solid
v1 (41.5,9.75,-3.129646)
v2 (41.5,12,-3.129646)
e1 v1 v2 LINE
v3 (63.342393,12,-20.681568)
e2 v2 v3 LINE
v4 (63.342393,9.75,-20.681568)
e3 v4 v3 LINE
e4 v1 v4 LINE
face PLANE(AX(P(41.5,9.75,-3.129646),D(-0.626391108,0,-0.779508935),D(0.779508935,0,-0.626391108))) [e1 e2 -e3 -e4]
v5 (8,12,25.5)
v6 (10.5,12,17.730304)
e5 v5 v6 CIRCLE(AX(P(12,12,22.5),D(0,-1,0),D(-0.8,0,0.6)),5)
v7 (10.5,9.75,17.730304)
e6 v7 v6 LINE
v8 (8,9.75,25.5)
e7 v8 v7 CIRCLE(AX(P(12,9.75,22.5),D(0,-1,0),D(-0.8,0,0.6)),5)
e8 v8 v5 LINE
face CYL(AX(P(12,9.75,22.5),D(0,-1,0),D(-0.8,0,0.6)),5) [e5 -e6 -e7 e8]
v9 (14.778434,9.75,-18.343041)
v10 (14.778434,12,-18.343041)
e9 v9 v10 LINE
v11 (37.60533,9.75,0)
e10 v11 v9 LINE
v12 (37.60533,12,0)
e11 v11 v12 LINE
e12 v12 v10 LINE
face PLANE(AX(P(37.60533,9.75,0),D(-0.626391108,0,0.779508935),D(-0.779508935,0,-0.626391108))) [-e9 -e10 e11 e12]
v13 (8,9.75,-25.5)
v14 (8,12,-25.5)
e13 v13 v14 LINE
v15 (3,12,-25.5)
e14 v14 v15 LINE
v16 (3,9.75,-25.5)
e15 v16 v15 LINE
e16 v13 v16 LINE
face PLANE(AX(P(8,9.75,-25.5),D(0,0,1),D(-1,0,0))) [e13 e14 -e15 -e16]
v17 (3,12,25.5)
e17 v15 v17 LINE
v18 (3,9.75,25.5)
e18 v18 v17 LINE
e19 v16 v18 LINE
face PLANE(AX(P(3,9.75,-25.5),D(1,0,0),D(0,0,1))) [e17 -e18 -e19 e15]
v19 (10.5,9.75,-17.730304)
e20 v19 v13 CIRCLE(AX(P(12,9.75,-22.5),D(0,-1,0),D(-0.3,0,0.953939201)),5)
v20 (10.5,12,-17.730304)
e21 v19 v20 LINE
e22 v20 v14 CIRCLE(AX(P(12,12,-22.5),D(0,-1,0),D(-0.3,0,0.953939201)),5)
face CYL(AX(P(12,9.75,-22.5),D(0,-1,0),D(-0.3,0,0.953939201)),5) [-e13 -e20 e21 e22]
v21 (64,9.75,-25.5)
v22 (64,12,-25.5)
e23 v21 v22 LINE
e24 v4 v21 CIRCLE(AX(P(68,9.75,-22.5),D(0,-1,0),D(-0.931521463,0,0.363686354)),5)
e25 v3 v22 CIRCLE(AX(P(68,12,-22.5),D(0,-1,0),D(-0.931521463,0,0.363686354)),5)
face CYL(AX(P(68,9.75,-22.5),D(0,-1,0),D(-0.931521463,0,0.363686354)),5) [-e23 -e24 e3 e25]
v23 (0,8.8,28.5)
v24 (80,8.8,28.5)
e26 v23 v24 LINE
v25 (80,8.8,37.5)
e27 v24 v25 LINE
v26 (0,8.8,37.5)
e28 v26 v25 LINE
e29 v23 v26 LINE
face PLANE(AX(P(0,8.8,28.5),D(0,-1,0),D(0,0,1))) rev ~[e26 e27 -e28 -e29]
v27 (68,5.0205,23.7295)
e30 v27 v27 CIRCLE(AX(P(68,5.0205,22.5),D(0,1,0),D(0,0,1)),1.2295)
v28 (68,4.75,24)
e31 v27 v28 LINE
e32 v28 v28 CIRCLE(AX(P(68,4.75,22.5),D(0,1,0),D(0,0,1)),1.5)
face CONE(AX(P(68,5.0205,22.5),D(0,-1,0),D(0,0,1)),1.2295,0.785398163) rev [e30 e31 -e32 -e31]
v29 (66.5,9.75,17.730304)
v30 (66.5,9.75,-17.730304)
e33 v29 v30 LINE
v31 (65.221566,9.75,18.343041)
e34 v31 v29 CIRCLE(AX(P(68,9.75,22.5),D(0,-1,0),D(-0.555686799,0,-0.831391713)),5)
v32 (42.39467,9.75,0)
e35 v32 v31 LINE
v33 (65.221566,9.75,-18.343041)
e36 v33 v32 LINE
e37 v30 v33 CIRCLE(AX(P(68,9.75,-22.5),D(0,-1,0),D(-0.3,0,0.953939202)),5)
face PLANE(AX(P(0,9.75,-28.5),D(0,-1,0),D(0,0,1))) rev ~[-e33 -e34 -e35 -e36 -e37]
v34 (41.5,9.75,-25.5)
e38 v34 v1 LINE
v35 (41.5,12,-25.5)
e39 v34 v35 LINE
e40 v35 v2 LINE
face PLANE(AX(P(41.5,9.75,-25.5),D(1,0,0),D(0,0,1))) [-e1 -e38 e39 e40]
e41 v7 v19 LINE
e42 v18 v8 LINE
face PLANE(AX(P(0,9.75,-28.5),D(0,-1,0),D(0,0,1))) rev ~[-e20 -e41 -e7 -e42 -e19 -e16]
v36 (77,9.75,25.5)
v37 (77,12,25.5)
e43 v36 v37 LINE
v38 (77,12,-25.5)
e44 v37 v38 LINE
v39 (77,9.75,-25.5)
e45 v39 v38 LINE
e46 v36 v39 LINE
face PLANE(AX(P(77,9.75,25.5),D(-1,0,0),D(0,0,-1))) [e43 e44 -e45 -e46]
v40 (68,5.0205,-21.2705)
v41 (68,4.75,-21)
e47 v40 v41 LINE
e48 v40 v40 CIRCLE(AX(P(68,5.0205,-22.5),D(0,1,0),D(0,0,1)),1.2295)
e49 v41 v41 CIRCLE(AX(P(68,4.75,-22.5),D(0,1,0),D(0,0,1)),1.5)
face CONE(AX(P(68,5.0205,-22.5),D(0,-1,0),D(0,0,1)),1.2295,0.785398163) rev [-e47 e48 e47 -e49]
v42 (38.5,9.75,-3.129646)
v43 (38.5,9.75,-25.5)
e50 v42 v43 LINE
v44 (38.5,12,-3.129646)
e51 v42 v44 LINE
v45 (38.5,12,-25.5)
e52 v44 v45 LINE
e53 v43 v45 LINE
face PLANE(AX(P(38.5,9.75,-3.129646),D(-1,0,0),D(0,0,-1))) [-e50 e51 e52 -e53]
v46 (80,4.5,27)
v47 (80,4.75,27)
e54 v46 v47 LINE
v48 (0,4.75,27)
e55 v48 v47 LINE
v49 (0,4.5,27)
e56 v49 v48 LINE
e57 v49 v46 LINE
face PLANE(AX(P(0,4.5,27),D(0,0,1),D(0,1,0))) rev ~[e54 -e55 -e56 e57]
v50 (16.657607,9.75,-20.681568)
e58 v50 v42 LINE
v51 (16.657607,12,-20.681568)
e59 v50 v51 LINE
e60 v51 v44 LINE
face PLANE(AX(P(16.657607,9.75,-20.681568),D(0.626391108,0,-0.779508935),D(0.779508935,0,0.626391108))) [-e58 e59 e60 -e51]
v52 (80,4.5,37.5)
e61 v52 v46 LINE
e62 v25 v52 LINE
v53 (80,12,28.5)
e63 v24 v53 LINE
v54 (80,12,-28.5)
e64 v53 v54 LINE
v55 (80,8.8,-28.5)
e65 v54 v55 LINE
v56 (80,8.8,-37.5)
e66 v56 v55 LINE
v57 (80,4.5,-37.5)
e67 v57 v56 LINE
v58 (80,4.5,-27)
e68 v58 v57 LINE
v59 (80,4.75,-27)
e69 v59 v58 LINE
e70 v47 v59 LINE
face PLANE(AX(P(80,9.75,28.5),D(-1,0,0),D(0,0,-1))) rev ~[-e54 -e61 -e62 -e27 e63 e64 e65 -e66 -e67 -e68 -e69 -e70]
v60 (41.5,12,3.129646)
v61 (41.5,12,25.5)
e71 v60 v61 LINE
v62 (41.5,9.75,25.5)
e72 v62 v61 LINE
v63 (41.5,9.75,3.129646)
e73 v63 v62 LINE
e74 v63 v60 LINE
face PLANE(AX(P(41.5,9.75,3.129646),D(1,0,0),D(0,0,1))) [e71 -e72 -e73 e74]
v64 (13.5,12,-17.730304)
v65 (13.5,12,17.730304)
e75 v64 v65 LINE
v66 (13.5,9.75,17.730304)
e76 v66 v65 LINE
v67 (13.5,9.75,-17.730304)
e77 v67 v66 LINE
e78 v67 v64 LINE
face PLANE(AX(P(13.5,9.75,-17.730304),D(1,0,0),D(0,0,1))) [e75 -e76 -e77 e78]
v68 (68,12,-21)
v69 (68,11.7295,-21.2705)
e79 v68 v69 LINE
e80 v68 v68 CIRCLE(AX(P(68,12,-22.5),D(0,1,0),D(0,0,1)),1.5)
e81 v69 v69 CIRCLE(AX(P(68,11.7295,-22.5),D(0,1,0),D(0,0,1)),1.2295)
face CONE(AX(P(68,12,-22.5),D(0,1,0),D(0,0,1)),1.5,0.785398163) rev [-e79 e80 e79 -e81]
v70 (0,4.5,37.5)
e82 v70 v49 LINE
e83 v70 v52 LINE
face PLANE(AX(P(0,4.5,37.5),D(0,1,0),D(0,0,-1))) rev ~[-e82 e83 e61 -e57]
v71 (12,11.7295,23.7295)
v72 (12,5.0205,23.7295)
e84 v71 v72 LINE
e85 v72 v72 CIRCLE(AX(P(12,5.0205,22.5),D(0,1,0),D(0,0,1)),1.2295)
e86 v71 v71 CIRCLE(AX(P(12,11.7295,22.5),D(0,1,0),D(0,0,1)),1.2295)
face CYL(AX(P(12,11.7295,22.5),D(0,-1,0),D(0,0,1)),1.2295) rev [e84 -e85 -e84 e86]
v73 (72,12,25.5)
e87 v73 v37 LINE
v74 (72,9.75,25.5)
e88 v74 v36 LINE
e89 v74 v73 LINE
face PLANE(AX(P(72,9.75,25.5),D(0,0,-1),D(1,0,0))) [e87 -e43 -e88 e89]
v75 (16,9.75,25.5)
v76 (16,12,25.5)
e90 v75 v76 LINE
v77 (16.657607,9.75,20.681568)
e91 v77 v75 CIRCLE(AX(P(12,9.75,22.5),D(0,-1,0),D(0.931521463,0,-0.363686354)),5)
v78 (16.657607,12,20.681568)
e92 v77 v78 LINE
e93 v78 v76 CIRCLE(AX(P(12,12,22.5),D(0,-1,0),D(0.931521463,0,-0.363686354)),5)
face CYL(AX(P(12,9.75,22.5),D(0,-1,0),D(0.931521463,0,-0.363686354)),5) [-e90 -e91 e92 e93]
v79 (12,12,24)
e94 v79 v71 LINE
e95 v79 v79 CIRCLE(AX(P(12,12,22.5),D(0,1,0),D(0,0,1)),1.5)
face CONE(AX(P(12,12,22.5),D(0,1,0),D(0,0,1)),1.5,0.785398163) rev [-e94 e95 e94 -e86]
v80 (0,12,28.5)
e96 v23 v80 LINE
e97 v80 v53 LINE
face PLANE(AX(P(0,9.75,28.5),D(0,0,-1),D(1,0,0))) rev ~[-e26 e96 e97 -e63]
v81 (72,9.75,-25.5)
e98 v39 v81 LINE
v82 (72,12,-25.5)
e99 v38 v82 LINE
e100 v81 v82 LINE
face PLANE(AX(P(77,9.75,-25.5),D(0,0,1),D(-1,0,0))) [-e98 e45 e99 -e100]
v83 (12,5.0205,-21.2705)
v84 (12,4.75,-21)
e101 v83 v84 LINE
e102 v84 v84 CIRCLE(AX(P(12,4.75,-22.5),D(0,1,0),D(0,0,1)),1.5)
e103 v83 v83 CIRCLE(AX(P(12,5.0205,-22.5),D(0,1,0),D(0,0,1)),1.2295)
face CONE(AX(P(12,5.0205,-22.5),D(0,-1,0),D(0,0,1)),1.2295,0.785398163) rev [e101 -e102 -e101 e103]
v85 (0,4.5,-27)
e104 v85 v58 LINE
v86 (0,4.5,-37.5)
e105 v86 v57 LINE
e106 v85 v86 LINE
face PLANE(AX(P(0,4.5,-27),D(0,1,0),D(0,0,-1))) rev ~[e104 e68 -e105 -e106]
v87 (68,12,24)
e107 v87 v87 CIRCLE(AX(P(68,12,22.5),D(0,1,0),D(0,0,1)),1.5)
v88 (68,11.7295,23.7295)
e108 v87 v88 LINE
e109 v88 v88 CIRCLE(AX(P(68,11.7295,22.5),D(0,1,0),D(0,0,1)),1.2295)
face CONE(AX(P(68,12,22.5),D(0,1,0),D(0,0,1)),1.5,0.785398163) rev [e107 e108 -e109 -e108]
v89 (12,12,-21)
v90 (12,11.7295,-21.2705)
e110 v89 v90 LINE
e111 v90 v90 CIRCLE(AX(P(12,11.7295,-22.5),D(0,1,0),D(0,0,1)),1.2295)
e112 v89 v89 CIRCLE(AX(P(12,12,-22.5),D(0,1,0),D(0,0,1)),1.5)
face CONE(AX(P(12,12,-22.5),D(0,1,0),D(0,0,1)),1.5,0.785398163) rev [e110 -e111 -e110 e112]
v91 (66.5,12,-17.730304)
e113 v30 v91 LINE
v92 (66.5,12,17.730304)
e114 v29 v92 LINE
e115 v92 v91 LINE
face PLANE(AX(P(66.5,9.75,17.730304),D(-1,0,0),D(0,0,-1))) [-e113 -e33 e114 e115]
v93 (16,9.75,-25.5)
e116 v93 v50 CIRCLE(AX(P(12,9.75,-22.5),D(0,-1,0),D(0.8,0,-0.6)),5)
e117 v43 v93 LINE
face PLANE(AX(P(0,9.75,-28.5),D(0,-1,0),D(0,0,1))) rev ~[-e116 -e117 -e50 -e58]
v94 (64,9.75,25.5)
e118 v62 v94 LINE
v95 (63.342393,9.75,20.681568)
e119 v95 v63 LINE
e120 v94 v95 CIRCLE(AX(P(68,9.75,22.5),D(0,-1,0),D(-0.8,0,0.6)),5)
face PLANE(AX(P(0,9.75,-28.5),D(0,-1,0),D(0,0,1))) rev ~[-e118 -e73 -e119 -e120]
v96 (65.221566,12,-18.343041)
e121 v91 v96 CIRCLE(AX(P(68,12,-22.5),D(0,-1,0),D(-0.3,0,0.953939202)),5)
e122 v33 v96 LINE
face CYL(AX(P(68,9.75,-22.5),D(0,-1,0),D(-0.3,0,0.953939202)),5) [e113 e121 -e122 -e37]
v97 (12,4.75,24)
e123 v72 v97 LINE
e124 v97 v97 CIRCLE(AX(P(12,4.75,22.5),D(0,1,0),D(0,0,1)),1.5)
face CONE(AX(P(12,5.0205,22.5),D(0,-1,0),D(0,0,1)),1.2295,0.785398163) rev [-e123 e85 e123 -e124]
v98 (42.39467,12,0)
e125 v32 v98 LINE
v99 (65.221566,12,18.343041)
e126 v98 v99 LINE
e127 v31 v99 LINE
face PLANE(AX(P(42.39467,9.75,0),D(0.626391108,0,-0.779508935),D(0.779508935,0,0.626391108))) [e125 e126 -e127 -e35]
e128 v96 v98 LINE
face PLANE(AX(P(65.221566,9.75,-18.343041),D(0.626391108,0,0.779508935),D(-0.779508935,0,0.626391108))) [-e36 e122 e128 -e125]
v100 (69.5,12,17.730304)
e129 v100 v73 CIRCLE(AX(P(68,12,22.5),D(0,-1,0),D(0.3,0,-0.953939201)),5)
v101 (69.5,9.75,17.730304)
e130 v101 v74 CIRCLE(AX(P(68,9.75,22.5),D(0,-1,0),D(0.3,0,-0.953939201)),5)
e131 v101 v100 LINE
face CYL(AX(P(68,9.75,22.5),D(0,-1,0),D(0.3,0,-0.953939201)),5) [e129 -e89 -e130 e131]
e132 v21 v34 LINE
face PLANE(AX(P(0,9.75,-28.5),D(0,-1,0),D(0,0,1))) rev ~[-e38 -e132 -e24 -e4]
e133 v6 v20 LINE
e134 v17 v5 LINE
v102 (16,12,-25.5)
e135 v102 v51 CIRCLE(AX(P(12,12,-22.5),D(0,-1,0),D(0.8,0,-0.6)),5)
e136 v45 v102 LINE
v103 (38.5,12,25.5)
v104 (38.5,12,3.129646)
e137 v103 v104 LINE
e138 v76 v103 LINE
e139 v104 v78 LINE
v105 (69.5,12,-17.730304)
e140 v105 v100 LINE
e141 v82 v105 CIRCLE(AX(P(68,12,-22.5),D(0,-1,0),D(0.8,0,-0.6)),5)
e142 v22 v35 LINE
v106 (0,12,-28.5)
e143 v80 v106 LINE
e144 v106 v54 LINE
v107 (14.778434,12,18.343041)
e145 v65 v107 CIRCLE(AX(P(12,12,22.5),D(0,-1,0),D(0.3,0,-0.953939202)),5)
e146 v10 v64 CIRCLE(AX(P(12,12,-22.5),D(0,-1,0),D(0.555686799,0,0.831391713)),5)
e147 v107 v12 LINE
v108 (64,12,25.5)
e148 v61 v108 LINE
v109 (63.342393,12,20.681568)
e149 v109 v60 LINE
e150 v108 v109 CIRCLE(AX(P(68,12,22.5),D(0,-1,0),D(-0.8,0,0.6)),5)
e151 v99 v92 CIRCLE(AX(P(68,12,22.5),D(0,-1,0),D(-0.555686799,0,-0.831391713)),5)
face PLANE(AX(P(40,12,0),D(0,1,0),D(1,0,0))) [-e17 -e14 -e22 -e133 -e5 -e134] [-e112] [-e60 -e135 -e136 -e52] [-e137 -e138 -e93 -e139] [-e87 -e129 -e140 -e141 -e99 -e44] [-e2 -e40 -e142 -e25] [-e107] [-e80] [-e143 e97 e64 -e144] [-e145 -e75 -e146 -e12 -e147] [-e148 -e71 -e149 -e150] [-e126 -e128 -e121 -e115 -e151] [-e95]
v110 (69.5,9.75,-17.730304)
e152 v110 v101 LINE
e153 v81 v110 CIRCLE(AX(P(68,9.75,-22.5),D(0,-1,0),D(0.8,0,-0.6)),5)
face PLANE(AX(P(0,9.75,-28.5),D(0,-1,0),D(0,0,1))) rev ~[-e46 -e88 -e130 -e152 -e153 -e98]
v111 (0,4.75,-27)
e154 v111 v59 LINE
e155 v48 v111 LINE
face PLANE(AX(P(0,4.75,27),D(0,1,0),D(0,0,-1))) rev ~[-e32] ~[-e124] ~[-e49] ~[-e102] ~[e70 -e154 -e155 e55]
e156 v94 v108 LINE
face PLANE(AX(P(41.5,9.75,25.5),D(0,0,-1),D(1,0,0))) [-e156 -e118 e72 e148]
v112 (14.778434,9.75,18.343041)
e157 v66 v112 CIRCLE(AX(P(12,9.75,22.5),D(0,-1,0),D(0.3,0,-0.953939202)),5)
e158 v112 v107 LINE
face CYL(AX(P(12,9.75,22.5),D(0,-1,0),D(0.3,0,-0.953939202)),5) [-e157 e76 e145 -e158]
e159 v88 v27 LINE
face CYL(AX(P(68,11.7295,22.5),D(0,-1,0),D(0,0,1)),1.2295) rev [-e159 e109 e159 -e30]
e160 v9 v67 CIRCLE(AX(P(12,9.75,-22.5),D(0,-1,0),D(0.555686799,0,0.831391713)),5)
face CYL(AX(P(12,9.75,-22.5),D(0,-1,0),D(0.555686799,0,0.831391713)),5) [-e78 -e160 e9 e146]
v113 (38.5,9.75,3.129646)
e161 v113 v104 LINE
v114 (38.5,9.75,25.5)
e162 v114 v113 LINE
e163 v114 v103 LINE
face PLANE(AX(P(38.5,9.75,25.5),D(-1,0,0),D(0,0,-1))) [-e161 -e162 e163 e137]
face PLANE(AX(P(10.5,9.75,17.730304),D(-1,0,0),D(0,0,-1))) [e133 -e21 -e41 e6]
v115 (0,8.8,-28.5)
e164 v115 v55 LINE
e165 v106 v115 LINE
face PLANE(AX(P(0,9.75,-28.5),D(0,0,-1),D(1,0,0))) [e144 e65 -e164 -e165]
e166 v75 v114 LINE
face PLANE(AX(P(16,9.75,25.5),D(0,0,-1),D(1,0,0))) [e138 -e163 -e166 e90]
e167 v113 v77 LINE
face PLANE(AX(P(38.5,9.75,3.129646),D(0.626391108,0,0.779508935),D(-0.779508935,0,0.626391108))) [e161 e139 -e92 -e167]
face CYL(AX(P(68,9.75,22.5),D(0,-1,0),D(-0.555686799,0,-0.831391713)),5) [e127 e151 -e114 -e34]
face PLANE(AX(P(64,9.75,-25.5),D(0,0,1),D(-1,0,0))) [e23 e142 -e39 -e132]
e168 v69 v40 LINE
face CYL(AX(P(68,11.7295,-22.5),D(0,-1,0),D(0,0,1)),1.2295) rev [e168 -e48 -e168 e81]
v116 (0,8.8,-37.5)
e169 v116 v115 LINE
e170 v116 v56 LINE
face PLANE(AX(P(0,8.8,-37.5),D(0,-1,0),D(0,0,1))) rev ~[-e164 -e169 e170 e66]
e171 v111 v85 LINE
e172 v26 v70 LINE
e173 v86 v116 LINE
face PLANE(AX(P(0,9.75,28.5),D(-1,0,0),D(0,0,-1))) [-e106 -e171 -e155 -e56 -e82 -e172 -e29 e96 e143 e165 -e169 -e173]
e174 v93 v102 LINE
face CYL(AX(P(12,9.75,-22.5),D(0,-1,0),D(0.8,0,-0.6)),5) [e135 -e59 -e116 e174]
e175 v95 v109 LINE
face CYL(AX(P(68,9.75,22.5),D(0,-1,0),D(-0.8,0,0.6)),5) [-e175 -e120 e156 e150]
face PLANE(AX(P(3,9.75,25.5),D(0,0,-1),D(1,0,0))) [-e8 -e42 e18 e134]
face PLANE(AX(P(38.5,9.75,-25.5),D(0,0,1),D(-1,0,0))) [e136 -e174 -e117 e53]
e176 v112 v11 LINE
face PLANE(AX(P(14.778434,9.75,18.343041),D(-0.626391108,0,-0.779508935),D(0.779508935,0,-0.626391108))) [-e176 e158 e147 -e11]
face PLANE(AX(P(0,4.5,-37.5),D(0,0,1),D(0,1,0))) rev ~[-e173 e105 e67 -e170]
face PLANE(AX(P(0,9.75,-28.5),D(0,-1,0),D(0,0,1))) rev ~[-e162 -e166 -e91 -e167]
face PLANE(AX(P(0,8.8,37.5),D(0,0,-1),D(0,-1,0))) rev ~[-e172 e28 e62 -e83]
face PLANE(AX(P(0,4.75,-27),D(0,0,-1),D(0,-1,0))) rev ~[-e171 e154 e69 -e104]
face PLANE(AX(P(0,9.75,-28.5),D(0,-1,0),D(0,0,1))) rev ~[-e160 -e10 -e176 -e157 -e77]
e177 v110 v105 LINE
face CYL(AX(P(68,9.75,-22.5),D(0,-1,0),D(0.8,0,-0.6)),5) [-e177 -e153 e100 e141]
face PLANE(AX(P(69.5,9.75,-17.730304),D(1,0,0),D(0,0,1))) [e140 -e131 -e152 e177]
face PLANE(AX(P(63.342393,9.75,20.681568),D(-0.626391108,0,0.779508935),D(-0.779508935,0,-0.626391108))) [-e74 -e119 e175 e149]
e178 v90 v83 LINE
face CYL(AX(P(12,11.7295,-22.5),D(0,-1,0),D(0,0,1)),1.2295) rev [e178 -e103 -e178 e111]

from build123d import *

# Parameters (mm, degrees)
BOSS_EXTRUDE1_DEPTH = 80
SKETCH2_W           = 80
SKETCH2_H           = 57
BOSS_EXTRUDE2_DEPTH = 2.25


with BuildPart() as part:
    # Sketch1 → Boss-Extrude1 (new body)
    with BuildSketch(Plane(origin=(0, 0, 0), x_dir=(0, 0, -1), z_dir=(1, 0, 0))):
        Polygon((-37.5, 4.5), (-27, 4.5), (-27, 4.75), (27, 4.75), (27, 4.5), (37.5, 4.5), (37.5, 8.8), (28.5, 8.8), (28.5, 9.75), (-28.5, 9.75), (-28.5, 8.8), (-37.5, 8.8), align=None)
    extrude(amount=BOSS_EXTRUDE1_DEPTH)

    # Sketch2 → Boss-Extrude2 (add)
    with BuildSketch(Plane(origin=(0, 9.75, 0), x_dir=(1, 0, 0), z_dir=(0, 1, 0))):
        with Locations((40, 0)):
            Rectangle(SKETCH2_W, SKETCH2_H)
        with BuildLine():
            Line((69.5, 17.730303993), (69.5, -17.730303993))
            ThreePointArc((69.5, -17.730303993), (72.759678982, -20.968511838), (72, -25.5))
            Line((72, -25.5), (77, -25.5))
            Line((77, -25.5), (77, 25.5))
            Line((77, 25.5), (72, 25.5))
            ThreePointArc((72, 25.5), (72.759678982, 20.968511838), (69.5, 17.730303993))
        make_face(mode=Mode.SUBTRACT)
        with BuildLine():
            Line((42.394670007, 0), (65.221566009, -18.34304143))
            ThreePointArc((65.221566009, -18.34304143), (65.838956006, -17.991132198), (66.5, -17.730303993))
            Line((66.5, -17.730303993), (66.5, 17.730303993))
            ThreePointArc((66.5, 17.730303993), (65.838956006, 17.991132198), (65.221566009, 18.34304143))
            Line((65.221566009, 18.34304143), (42.394670007, 0))
        make_face(mode=Mode.SUBTRACT)
        with BuildLine():
            Line((41.5, 25.5), (41.5, 3.129645542))
            Line((41.5, 3.129645542), (63.342392684, 20.681568234))
            ThreePointArc((63.342392684, 20.681568234), (63.045924679, 23.176119604), (64, 25.5))
            Line((64, 25.5), (41.5, 25.5))
        make_face(mode=Mode.SUBTRACT)
        with BuildLine():
            Line((41.5, -25.5), (64, -25.5))
            ThreePointArc((64, -25.5), (63.045924679, -23.176119604), (63.342392684, -20.681568234))
            Line((63.342392684, -20.681568234), (41.5, -3.129645542))
            Line((41.5, -3.129645542), (41.5, -25.5))
        make_face(mode=Mode.SUBTRACT)
        with BuildLine():
            Line((16.657607316, 20.681568234), (38.5, 3.129645542))
            Line((38.5, 3.129645542), (38.5, 25.5))
            Line((38.5, 25.5), (16, 25.5))
            ThreePointArc((16, 25.5), (16.954075321, 23.176119604), (16.657607316, 20.681568234))
        make_face(mode=Mode.SUBTRACT)
        with BuildLine():
            Line((16, -25.5), (38.5, -25.5))
            Line((38.5, -25.5), (38.5, -3.129645542))
            Line((38.5, -3.129645542), (16.657607316, -20.681568234))
            ThreePointArc((16.657607316, -20.681568234), (16.954075321, -23.176119604), (16, -25.5))
        make_face(mode=Mode.SUBTRACT)
        with BuildLine():
            Line((14.778433991, -18.34304143), (37.605329993, 0))
            Line((37.605329993, 0), (14.778433991, 18.34304143))
            ThreePointArc((14.778433991, 18.34304143), (14.161043994, 17.991132198), (13.5, 17.730303993))
            Line((13.5, 17.730303993), (13.5, -17.730303993))
            ThreePointArc((13.5, -17.730303993), (14.161043994, -17.991132198), (14.778433991, -18.34304143))
        make_face(mode=Mode.SUBTRACT)
        with BuildLine():
            Line((3, -25.5), (8, -25.5))
            ThreePointArc((8, -25.5), (7.240321018, -20.968511838), (10.5, -17.730303993))
            Line((10.5, -17.730303993), (10.5, 17.730303993))
            ThreePointArc((10.5, 17.730303993), (7.240321018, 20.968511838), (8, 25.5))
            Line((8, 25.5), (3, 25.5))
            Line((3, 25.5), (3, -25.5))
        make_face(mode=Mode.SUBTRACT)
    extrude(amount=BOSS_EXTRUDE2_DEPTH)

    # Sketch3 → Cut-Revolve1 (revolve, cut)
    with BuildSketch(Plane.XY.offset(22.5), mode=Mode.PRIVATE) as cut_revolve1_sk:
        Polygon((12, 12), (13.5, 12), (13.2295, 11.7295), (13.2295, 5.0205), (13.5, 4.75), (12, 4.75), align=None)
    revolve(cut_revolve1_sk.sketch.rotate(Axis((12, 4.75, 22.5), (0, 1, 0)), 270), axis=Axis((12, 4.75, 22.5), (0, 1, 0)), mode=Mode.SUBTRACT)

    # Sketch4 → Cut-Revolve2 (revolve, cut)
    with BuildSketch(Plane.XY.offset(22.5), mode=Mode.PRIVATE) as cut_revolve2_sk:
        Polygon((68, 12), (69.5, 12), (69.2295, 11.7295), (69.2295, 5.0205), (69.5, 4.75), (68, 4.75), align=None)
    revolve(cut_revolve2_sk.sketch.rotate(Axis((68, 4.75, 22.5), (0, 1, 0)), 270), axis=Axis((68, 4.75, 22.5), (0, 1, 0)), mode=Mode.SUBTRACT)

    # Sketch5 → Cut-Revolve3 (revolve, cut)
    with BuildSketch(Plane.XY.offset(-22.5), mode=Mode.PRIVATE) as cut_revolve3_sk:
        Polygon((12, 12), (13.5, 12), (13.2295, 11.7295), (13.2295, 5.0205), (13.5, 4.75), (12, 4.75), align=None)
    revolve(cut_revolve3_sk.sketch.rotate(Axis((12, 4.75, -22.5), (0, 1, 0)), 270), axis=Axis((12, 4.75, -22.5), (0, 1, 0)), mode=Mode.SUBTRACT)

    # Sketch6 → Cut-Revolve4 (revolve, cut)
    with BuildSketch(Plane.XY.offset(-22.5), mode=Mode.PRIVATE) as cut_revolve4_sk:
        Polygon((68, 12), (69.5, 12), (69.2295, 11.7295), (69.2295, 5.0205), (69.5, 4.75), (68, 4.75), align=None)
    revolve(cut_revolve4_sk.sketch.rotate(Axis((68, 4.75, -22.5), (0, 1, 0)), 270), axis=Axis((68, 4.75, -22.5), (0, 1, 0)), mode=Mode.SUBTRACT)


solid = part.part
